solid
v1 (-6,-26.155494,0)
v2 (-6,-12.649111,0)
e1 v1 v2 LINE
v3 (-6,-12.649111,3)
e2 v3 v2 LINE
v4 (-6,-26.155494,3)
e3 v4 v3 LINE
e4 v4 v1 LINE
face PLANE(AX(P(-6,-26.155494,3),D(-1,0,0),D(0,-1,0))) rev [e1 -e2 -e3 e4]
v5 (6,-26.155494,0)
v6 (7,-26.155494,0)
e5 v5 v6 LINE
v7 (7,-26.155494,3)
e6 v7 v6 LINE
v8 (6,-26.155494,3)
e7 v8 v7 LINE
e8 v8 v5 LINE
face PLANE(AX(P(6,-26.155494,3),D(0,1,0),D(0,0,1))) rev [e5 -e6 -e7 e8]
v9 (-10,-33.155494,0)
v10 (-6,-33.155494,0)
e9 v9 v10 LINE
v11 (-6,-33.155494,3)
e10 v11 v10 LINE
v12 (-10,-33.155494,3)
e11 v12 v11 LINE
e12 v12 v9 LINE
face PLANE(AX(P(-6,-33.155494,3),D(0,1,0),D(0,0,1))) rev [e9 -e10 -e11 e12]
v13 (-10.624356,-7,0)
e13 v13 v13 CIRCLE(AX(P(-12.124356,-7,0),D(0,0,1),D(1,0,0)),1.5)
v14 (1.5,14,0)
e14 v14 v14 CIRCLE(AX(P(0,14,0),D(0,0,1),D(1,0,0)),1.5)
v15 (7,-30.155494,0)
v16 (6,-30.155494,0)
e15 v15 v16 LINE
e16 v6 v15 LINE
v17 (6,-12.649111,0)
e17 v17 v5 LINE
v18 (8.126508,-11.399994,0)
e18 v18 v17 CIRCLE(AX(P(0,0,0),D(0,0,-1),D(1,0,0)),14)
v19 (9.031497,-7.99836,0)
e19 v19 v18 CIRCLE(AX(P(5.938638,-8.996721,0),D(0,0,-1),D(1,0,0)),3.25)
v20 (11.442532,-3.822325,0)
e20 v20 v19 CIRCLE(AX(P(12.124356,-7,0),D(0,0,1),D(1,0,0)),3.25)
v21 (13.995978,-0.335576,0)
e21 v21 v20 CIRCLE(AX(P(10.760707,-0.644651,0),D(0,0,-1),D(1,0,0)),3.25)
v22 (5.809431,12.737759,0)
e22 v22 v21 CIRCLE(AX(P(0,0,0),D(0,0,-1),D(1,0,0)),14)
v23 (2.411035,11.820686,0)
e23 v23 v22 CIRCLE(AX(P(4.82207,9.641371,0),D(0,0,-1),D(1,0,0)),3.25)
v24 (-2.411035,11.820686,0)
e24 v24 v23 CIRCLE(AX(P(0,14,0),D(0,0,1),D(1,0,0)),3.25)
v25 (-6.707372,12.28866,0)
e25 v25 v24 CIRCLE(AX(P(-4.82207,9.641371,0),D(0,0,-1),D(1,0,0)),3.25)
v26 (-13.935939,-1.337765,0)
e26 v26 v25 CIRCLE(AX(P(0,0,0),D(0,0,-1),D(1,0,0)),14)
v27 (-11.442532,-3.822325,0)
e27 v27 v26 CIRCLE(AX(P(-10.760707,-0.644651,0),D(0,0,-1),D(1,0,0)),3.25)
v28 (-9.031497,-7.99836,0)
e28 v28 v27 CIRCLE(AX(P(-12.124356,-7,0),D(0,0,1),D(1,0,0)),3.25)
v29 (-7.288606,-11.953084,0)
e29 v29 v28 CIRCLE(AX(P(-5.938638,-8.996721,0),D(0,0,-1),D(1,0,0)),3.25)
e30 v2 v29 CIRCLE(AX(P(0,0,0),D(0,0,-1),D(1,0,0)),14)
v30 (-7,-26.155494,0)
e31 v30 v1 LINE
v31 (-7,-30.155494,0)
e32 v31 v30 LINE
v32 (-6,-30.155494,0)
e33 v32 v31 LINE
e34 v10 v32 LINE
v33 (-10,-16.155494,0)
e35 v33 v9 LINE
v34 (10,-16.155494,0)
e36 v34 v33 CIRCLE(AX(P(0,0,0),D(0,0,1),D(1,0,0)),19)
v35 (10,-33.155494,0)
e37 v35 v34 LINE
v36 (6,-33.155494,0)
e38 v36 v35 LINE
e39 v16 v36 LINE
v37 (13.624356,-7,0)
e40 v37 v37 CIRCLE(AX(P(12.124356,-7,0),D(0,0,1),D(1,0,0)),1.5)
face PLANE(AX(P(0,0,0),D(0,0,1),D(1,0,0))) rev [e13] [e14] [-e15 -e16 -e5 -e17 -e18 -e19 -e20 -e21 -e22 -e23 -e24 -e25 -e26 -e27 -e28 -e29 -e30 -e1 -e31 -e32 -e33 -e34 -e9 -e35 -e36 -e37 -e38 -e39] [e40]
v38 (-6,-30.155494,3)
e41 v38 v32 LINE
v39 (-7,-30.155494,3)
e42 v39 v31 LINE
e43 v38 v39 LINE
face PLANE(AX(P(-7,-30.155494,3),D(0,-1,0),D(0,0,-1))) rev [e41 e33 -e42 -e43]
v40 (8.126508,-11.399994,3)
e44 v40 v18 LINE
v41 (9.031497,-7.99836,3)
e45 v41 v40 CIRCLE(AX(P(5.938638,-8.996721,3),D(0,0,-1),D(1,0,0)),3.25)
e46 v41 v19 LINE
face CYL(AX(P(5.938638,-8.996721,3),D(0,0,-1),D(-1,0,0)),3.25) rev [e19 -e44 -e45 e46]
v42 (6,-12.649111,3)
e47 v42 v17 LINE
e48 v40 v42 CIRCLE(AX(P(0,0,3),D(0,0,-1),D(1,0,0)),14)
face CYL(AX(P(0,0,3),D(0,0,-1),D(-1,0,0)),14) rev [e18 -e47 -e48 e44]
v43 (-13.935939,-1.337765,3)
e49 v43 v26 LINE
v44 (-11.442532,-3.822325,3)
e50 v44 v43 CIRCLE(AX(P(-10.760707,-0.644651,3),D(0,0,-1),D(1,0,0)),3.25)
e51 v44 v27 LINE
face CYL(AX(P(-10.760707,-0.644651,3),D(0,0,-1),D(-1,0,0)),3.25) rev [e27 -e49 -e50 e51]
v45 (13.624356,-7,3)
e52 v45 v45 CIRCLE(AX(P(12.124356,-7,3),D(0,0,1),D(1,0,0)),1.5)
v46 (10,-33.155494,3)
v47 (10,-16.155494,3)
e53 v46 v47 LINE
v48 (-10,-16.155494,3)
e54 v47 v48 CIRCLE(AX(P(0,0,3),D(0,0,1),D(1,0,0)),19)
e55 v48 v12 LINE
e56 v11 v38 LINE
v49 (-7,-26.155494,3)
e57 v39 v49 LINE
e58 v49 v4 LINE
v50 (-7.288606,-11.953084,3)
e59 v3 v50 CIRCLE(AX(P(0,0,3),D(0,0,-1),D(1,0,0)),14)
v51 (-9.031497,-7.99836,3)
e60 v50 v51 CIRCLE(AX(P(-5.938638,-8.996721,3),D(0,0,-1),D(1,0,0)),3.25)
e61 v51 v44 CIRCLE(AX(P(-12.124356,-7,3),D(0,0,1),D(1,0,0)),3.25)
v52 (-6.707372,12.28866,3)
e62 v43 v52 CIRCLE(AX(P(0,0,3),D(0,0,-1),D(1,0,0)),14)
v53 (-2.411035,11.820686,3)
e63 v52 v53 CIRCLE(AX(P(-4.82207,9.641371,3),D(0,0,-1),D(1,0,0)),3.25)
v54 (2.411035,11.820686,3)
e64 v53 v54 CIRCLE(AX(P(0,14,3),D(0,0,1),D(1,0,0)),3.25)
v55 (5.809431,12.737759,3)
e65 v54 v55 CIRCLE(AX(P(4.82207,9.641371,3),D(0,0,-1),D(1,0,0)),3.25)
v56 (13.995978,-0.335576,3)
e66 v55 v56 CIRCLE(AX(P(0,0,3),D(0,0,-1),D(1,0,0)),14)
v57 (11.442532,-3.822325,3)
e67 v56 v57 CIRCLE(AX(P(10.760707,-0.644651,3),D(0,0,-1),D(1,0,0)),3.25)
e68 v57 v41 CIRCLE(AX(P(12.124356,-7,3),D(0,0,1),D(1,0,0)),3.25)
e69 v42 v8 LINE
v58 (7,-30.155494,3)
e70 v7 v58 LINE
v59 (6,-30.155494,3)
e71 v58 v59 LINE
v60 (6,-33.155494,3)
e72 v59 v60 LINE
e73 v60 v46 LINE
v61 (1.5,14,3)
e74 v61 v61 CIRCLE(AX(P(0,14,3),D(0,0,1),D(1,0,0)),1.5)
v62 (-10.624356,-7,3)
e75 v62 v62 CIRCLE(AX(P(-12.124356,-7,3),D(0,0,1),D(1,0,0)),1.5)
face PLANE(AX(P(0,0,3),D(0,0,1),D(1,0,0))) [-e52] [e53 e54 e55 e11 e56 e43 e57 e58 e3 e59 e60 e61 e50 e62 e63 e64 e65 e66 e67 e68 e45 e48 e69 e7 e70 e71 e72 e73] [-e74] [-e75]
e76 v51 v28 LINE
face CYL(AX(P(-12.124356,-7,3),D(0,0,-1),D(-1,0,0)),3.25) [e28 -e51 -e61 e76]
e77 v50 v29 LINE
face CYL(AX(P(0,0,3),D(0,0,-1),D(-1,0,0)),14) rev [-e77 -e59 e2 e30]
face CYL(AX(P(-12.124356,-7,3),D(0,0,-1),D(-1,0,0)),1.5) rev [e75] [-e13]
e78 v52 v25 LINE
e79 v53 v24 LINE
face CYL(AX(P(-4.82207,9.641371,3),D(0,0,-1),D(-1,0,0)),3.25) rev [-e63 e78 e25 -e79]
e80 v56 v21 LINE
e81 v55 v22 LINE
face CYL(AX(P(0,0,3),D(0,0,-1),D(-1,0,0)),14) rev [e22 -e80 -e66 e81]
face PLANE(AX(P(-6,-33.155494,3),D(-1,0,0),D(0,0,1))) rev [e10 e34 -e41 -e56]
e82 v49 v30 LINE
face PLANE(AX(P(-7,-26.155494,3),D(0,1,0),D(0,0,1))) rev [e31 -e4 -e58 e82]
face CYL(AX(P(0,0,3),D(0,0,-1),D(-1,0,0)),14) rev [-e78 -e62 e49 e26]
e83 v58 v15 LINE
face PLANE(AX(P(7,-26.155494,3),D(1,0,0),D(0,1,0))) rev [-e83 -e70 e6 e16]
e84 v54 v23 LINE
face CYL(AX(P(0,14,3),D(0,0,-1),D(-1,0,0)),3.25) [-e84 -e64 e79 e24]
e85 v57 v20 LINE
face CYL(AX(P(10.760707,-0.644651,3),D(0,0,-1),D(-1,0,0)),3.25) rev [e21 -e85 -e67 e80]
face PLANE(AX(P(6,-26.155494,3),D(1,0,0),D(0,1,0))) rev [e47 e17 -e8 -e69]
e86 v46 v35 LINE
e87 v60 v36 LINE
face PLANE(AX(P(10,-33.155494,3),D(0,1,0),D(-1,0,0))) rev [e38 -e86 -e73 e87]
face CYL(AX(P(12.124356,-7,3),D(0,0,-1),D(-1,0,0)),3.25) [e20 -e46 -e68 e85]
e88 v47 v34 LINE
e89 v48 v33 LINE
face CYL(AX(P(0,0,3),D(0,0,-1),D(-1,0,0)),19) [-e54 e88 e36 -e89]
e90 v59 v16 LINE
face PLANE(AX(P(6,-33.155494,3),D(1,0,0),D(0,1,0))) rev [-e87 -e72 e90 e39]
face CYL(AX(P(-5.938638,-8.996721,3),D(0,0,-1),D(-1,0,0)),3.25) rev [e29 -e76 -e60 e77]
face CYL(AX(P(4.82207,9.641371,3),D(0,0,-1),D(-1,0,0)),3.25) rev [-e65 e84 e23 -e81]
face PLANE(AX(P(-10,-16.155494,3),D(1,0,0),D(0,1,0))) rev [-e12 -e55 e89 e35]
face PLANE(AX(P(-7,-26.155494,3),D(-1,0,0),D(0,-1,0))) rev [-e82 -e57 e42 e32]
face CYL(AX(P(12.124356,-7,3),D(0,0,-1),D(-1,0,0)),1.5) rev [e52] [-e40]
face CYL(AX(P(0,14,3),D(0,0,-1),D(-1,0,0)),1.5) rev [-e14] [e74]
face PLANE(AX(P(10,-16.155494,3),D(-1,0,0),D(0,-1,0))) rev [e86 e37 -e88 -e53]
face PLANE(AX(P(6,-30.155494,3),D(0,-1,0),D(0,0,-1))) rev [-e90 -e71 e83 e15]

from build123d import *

# Parameters (mm, degrees)
ESQUISSE1_R        = 1.5
BOSS_EXTRU_2_DEPTH = 3


with BuildPart() as part:
    # Esquisse1 → Boss.-Extru.2 (new body)
    with BuildSketch(Plane.XY):
        with BuildLine():
            Line((-6, -33.155494421), (-6, -30.155494421))
            Line((-6, -30.155494421), (-7, -30.155494421))
            Line((-7, -30.155494421), (-7, -26.155494421))
            Line((-7, -26.155494421), (-6, -26.155494421))
            Line((-6, -26.155494421), (-6, -12.649110641))
            ThreePointArc((-6, -12.649110641), (-6.653410863, -12.317959405), (-7.288606081, -11.953084179))
            ThreePointArc((-7.288606081, -11.953084179), (-8.912631465, -10.307392628), (-9.031496673, -7.998360322))
            ThreePointArc((-9.031496673, -7.998360322), (-9.309773091, -5.375), (-11.442531564, -3.822325392))
            ThreePointArc((-11.442531564, -3.822325392), (-13.054716827, -2.946828253), (-13.935938611, -1.337764944))
            ThreePointArc((-13.935938611, -1.337764944), (-12.367555464, 6.560760004), (-6.707371512, 12.288660114))
            ThreePointArc((-6.707371512, 12.288660114), (-4.47014813, 12.872261577), (-2.411034891, 11.820685714))
            ThreePointArc((-2.411034891, 11.820685714), (0, 10.75), (2.411034891, 11.820685714))
            ThreePointArc((2.411034891, 11.820685714), (3.975330286, 12.779130538), (5.80943088, 12.737759334))
            ThreePointArc((5.80943088, 12.737759334), (11.865562564, 7.430237213), (13.995977593, -0.335575935))
            ThreePointArc((13.995977593, -0.335575935), (13.382779595, -2.564868949), (11.442531564, -3.822325392))
            ThreePointArc((11.442531564, -3.822325392), (9.309773091, -5.375), (9.031496673, -7.998360322))
            ThreePointArc((9.031496673, -7.998360322), (9.079386541, -9.832302285), (8.126507731, -11.399994391))
            ThreePointArc((8.126507731, -11.399994391), (7.090812931, -12.071469338), (6, -12.649110641))
            Line((6, -12.649110641), (6, -26.155494421))
            Line((6, -26.155494421), (7, -26.155494421))
            Line((7, -26.155494421), (7, -30.155494421))
            Line((7, -30.155494421), (6, -30.155494421))
            Line((6, -30.155494421), (6, -33.155494421))
            Line((6, -33.155494421), (10, -33.155494421))
            Line((10, -33.155494421), (10, -16.155494421))
            ThreePointArc((10, -16.155494421), (0, 19), (-10, -16.155494421))
            Line((-10, -16.155494421), (-10, -33.155494421))
            Line((-10, -33.155494421), (-6, -33.155494421))
        make_face()
        with Locations((0, 14)):
            Circle(ESQUISSE1_R, mode=Mode.SUBTRACT)
        with Locations((12.124355653, -7)):
            Circle(ESQUISSE1_R, mode=Mode.SUBTRACT)
        with Locations((-12.124355653, -7)):
            Circle(ESQUISSE1_R, mode=Mode.SUBTRACT)
    extrude(amount=BOSS_EXTRU_2_DEPTH)


solid = part.part
